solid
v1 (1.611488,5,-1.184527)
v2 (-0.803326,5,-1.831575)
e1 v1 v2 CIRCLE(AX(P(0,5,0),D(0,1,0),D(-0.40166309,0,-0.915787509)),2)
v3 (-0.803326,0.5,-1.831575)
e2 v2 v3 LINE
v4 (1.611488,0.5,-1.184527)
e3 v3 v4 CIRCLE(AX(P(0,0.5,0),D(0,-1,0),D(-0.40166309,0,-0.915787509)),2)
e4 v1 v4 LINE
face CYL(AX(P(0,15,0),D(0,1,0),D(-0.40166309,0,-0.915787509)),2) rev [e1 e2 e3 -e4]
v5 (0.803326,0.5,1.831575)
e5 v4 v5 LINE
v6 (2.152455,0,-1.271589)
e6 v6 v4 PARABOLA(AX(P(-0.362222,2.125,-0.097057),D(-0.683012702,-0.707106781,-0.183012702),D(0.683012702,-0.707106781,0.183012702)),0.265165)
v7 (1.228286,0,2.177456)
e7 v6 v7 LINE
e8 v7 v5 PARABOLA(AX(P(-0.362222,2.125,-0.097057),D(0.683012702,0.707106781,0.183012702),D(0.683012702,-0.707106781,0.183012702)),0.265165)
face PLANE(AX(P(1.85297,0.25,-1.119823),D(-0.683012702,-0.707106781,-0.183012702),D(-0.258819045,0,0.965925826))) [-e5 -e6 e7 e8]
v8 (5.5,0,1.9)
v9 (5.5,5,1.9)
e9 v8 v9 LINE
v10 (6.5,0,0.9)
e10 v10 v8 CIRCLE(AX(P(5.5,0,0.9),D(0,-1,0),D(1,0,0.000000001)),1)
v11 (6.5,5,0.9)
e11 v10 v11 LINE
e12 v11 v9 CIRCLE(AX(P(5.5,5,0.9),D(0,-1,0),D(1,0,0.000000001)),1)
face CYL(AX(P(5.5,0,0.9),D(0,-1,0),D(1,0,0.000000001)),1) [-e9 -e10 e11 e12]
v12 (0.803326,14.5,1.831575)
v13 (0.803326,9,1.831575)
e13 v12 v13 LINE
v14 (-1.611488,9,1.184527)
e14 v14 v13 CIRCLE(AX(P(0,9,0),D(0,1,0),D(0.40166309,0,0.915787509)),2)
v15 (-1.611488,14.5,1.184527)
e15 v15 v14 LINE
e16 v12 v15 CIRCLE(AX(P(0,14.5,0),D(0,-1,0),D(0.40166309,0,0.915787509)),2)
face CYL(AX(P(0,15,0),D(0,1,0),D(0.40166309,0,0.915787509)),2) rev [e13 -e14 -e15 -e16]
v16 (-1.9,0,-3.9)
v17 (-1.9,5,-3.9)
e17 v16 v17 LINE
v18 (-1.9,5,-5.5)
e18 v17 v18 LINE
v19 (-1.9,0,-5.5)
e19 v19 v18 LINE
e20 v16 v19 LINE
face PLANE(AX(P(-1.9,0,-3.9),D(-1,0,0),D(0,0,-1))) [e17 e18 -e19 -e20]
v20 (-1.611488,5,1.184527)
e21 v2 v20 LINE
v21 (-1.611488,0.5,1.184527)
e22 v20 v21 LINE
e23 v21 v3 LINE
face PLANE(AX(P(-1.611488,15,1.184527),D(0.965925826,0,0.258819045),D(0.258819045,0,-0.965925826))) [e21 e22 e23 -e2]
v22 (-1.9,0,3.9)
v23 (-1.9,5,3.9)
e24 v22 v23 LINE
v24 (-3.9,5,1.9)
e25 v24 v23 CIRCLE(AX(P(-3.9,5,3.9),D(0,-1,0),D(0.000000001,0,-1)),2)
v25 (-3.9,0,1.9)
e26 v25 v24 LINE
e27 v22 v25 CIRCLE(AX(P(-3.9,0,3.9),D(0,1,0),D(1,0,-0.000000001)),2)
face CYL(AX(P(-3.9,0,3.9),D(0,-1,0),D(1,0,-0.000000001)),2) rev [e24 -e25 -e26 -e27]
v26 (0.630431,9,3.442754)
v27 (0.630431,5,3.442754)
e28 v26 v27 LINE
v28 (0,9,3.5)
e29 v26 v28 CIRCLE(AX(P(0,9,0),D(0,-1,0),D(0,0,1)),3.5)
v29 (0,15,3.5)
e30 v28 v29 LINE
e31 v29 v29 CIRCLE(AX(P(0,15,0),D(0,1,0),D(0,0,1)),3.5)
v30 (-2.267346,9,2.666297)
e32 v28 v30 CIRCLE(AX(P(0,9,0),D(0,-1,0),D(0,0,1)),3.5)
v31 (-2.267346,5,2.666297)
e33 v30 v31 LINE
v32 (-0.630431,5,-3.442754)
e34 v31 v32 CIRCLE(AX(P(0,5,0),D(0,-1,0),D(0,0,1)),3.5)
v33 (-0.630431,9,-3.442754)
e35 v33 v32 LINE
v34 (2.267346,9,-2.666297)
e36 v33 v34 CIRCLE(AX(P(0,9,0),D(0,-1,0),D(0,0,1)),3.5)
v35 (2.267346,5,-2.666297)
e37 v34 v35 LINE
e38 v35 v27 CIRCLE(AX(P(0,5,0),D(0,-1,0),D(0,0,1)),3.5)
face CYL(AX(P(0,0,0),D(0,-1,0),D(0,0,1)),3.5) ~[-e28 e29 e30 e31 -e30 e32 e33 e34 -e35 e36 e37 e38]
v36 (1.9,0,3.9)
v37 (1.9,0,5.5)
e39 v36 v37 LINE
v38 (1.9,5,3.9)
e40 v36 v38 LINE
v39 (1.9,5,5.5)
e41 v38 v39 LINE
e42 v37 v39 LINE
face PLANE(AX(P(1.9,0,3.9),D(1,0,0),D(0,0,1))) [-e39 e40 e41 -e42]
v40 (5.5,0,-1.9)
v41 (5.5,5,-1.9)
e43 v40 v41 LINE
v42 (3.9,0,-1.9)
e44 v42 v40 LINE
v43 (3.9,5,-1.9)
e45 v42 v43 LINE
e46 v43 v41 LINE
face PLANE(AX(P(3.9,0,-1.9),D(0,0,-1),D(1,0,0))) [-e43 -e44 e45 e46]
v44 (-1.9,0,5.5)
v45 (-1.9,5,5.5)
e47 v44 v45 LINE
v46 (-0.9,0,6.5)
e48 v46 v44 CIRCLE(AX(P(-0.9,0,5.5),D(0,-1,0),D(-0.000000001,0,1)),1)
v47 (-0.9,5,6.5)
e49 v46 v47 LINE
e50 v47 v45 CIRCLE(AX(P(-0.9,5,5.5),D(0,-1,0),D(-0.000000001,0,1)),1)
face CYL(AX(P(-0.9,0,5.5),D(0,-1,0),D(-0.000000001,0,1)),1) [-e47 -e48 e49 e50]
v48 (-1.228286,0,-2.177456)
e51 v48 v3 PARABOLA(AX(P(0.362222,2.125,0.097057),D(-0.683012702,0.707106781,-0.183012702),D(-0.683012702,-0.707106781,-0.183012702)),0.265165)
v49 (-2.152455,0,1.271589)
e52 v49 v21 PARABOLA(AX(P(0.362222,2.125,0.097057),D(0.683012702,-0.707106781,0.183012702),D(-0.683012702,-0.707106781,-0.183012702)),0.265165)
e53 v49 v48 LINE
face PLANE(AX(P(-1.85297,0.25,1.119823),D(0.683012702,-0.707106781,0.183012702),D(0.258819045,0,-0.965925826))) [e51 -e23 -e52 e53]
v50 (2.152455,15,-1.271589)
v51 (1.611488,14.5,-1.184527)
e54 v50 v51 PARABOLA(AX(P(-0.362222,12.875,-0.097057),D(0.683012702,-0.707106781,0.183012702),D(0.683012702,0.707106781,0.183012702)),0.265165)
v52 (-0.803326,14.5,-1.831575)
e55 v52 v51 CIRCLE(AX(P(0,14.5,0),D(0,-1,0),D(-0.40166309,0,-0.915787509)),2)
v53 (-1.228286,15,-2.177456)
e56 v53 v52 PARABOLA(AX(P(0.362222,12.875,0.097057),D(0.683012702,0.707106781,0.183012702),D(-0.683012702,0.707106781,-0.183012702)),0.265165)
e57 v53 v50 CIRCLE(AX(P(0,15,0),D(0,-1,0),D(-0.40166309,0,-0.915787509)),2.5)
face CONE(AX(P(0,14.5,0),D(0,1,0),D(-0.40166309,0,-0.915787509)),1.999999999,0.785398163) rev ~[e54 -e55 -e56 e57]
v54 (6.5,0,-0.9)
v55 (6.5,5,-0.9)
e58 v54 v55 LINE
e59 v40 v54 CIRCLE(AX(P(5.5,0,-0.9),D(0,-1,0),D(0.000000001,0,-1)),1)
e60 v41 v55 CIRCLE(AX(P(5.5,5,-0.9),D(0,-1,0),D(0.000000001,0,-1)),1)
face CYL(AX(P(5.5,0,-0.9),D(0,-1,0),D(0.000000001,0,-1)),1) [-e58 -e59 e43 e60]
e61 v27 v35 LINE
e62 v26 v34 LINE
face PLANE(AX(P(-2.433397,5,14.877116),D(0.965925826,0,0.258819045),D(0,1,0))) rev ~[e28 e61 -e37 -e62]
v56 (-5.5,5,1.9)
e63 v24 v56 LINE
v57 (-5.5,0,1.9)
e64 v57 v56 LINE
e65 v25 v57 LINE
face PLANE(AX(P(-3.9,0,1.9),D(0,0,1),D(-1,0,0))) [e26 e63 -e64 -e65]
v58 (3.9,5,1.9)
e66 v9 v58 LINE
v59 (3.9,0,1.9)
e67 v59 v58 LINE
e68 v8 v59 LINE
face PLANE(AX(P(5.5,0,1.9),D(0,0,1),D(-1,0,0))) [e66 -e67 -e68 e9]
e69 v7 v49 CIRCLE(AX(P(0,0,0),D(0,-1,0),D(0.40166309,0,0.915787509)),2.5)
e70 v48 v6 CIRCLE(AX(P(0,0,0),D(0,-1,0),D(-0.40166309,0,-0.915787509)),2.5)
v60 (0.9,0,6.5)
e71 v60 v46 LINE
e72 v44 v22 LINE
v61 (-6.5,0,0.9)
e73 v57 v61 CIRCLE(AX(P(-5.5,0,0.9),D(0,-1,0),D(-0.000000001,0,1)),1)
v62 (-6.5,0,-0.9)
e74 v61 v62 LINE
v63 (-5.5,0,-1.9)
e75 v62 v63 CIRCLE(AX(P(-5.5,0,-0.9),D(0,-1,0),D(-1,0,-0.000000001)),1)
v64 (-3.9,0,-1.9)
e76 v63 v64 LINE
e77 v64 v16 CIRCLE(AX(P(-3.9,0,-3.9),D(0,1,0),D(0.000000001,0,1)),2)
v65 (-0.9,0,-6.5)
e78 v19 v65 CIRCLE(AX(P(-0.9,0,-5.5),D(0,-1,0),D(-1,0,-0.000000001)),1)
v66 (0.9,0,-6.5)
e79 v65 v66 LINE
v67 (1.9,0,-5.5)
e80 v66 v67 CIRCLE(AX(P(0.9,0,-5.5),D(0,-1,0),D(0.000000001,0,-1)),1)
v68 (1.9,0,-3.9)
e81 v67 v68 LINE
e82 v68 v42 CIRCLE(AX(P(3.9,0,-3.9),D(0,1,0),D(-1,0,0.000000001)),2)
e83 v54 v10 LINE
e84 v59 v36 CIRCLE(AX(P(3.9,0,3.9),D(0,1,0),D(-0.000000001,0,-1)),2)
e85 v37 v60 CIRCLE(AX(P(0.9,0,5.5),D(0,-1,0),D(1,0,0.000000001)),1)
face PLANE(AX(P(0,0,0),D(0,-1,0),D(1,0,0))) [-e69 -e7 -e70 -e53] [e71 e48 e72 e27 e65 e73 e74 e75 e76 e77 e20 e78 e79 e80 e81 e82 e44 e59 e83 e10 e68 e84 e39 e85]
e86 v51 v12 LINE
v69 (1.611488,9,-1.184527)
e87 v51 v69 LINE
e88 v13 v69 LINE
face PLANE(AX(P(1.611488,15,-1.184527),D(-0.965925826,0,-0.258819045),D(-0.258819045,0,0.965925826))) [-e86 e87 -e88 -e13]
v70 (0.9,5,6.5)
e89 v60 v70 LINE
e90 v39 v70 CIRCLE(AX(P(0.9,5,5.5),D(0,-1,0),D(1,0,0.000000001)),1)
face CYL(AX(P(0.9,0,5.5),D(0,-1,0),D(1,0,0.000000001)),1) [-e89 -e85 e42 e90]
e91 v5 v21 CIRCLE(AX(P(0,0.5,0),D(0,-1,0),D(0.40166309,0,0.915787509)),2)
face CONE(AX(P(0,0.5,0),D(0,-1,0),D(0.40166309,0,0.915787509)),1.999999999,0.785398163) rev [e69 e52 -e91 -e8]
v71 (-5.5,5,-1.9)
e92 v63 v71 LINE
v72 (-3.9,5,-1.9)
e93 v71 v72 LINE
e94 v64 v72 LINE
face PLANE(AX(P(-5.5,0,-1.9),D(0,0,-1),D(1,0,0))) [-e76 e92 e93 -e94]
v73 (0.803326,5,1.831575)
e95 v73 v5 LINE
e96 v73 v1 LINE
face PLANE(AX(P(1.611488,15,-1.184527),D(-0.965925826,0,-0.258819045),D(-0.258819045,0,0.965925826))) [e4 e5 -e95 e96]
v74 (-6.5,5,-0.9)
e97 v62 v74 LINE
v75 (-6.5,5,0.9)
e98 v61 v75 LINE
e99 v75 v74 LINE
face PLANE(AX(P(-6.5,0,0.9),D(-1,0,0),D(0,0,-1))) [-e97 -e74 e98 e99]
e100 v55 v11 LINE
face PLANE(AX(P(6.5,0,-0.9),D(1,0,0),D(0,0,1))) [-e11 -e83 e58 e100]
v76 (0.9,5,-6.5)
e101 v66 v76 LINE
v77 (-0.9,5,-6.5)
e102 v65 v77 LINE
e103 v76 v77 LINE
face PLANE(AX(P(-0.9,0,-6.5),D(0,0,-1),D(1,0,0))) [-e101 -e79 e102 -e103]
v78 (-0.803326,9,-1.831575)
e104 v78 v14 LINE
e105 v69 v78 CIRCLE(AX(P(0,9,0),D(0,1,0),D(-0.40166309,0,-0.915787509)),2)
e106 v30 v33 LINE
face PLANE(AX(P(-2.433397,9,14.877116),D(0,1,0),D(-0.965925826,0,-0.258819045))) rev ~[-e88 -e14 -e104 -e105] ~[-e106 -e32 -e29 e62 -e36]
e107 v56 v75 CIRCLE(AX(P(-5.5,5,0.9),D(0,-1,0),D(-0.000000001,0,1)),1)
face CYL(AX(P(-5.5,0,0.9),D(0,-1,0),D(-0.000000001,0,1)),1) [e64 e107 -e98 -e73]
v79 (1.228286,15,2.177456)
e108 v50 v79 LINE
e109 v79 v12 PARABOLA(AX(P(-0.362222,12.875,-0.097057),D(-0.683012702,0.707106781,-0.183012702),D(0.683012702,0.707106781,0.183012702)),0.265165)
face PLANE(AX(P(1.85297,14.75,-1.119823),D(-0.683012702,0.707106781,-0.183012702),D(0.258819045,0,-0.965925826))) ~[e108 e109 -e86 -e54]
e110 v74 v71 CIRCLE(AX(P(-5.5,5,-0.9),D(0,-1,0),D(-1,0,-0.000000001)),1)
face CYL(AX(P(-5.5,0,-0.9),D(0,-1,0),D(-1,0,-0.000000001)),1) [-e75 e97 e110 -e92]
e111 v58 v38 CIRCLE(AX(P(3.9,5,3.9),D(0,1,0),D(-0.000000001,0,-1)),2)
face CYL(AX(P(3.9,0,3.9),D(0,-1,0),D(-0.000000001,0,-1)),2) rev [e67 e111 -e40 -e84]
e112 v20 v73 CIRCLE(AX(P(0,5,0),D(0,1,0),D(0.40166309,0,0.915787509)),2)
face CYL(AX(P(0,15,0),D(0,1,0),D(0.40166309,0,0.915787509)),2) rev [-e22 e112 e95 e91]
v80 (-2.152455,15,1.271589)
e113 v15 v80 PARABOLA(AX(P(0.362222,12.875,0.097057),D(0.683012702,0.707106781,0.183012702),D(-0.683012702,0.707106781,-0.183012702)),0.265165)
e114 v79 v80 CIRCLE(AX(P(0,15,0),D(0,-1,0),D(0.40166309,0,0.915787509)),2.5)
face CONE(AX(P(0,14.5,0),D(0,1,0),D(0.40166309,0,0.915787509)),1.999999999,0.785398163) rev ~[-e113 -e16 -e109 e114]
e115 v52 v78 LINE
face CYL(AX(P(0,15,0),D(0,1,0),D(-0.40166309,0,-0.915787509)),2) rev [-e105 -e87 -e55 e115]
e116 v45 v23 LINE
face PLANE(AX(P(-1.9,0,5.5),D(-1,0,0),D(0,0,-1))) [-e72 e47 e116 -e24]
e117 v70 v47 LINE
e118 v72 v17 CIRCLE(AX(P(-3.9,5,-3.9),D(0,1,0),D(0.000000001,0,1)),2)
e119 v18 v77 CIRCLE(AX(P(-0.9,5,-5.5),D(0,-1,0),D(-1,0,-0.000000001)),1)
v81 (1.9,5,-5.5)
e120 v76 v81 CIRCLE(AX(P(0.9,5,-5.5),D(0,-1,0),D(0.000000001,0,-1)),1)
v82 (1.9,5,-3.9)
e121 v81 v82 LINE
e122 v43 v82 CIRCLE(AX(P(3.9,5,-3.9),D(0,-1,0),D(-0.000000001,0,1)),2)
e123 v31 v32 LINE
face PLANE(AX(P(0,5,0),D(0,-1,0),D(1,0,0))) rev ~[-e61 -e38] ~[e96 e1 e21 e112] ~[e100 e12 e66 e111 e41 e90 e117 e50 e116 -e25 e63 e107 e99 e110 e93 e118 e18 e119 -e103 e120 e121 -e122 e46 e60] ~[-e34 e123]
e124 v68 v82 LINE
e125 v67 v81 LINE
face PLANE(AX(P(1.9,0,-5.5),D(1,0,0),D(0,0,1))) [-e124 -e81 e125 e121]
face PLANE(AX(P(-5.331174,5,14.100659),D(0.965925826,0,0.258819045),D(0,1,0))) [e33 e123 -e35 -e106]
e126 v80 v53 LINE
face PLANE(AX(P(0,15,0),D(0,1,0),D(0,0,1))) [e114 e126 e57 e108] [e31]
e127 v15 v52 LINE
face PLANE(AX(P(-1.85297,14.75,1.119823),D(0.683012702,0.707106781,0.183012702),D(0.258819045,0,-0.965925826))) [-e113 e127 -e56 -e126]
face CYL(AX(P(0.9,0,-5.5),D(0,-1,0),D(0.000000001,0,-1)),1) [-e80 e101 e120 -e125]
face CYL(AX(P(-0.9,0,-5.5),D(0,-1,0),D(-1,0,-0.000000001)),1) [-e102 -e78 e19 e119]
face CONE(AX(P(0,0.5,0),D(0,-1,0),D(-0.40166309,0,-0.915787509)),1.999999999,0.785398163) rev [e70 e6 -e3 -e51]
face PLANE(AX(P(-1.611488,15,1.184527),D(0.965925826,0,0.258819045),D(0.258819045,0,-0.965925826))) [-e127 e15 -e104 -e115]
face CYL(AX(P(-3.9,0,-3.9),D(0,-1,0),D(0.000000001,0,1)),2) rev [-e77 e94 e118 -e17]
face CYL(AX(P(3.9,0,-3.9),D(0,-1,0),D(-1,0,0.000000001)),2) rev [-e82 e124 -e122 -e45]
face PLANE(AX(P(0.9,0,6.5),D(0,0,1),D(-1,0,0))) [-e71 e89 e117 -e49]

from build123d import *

# Parameters (mm, degrees)
SKETCH_1_R               = 3.5
EXTRUDE_1_DEPTH          = 15
EXTRUDE_2_DEPTH          = 5
CUT_EXTRUDE_1_DEPTH      = 15
CUT_EXTRUDE_2_DEPTH      = 15
CUT_EXTRUDE_2_DEPTH_BACK = 15
SKETCH_5_W               = 3
SKETCH_5_H               = 4
CHAMFER_1_SIZE           = 0.5


with BuildPart() as part:
    # 草图1 → 凸台-拉伸1 (new body)
    with BuildSketch(Plane(origin=(0, 0, 0), x_dir=(1, 0, 0), z_dir=(0, 1, 0))):
        Circle(SKETCH_1_R)
    extrude(amount=EXTRUDE_1_DEPTH)

    # 草图2 → 凸台-拉伸2 (add)
    with BuildSketch(Plane.XZ):
        with BuildLine():
            Line((0.9, 6.5), (-0.9, 6.5))
            ThreePointArc((-0.9, 6.5), (-1.607106781, 6.207106781), (-1.9, 5.5))
            Line((-1.9, 5.5), (-1.9, 3.9))
            ThreePointArc((-1.9, 3.9), (-2.485786438, 2.485786438), (-3.9, 1.9))
            Line((-3.9, 1.9), (-5.5, 1.9))
            ThreePointArc((-5.5, 1.9), (-6.207106781, 1.607106781), (-6.5, 0.9))
            Line((-6.5, 0.9), (-6.5, -0.9))
            ThreePointArc((-6.5, -0.9), (-6.207106781, -1.607106781), (-5.5, -1.9))
            Line((-5.5, -1.9), (-3.9, -1.9))
            ThreePointArc((-3.9, -1.9), (-2.485786438, -2.485786438), (-1.9, -3.9))
            Line((-1.9, -3.9), (-1.9, -5.5))
            ThreePointArc((-1.9, -5.5), (-1.607106781, -6.207106781), (-0.9, -6.5))
            Line((-0.9, -6.5), (0.9, -6.5))
            ThreePointArc((0.9, -6.5), (1.607106781, -6.207106781), (1.9, -5.5))
            Line((1.9, -5.5), (1.9, -3.9))
            ThreePointArc((1.9, -3.9), (2.485786438, -2.485786438), (3.9, -1.9))
            Line((3.9, -1.9), (5.5, -1.9))
            ThreePointArc((5.5, -1.9), (6.207106781, -1.607106781), (6.5, -0.9))
            Line((6.5, -0.9), (6.5, 0.9))
            ThreePointArc((6.5, 0.9), (6.207106781, 1.607106781), (5.5, 1.9))
            Line((5.5, 1.9), (3.9, 1.9))
            ThreePointArc((3.9, 1.9), (2.485786438, 2.485786438), (1.9, 3.9))
            Line((1.9, 3.9), (1.9, 5.5))
            ThreePointArc((1.9, 5.5), (1.607106781, 6.207106781), (0.9, 6.5))
        make_face()
    extrude(amount=-EXTRUDE_2_DEPTH)

    # 草图3 → 切除-拉伸1 (cut)
    with BuildSketch(Plane(origin=(0, 15, 0), x_dir=(1, 0, 0), z_dir=(0, 1, 0))):
        with BuildLine():
            Line((1.207407283, -0.323523806), (0.803326178, -1.831575019))
            ThreePointArc((0.803326178, -1.831575019), (-0.51763809, -1.931851653), (-1.611488388, -1.184527407))
            Line((-1.611488388, -1.184527407), (-1.207407283, 0.323523806))
            Line((-1.207407283, 0.323523806), (-0.803326178, 1.831575019))
            ThreePointArc((-0.803326178, 1.831575019), (0.51763809, 1.931851653), (1.611488388, 1.184527407))
            Line((1.611488388, 1.184527407), (1.207407283, -0.323523806))
        make_face()
    extrude(amount=-CUT_EXTRUDE_1_DEPTH, mode=Mode.SUBTRACT)

    # 草图5 → 切除-拉伸2 (cut, two sides: drawn at the far end of the back side and taken through both)
    with BuildSketch(Plane(origin=(0, 0, 0), x_dir=(-0.96592582628907, 0, -0.2588190451025146), z_dir=(0.2588190451025146, 0, -0.96592582628907)).offset(-CUT_EXTRUDE_2_DEPTH_BACK)):
        with Locations((0, 7)):
            Rectangle(SKETCH_5_W, SKETCH_5_H)
    extrude(amount=CUT_EXTRUDE_2_DEPTH + CUT_EXTRUDE_2_DEPTH_BACK, mode=Mode.SUBTRACT)

    # 倒角1
    chamfer_1_edges = [part.edges().sort_by_distance(p)[0] for p in [
        (1.207407283, 0, 0.323523806),
        (0.51763809, 0, -1.931851653),
        (-1.207407283, 0, -0.323523806),
        (-0.51763809, 0, 1.931851653),
        (-0.51763809, 15, 1.931851653),
        (-1.207407283, 15, -0.323523806),
        (0.51763809, 15, -1.931851653),
        (1.207407283, 15, 0.323523806),
    ]]
    chamfer(chamfer_1_edges, length=CHAMFER_1_SIZE)


solid = part.part
